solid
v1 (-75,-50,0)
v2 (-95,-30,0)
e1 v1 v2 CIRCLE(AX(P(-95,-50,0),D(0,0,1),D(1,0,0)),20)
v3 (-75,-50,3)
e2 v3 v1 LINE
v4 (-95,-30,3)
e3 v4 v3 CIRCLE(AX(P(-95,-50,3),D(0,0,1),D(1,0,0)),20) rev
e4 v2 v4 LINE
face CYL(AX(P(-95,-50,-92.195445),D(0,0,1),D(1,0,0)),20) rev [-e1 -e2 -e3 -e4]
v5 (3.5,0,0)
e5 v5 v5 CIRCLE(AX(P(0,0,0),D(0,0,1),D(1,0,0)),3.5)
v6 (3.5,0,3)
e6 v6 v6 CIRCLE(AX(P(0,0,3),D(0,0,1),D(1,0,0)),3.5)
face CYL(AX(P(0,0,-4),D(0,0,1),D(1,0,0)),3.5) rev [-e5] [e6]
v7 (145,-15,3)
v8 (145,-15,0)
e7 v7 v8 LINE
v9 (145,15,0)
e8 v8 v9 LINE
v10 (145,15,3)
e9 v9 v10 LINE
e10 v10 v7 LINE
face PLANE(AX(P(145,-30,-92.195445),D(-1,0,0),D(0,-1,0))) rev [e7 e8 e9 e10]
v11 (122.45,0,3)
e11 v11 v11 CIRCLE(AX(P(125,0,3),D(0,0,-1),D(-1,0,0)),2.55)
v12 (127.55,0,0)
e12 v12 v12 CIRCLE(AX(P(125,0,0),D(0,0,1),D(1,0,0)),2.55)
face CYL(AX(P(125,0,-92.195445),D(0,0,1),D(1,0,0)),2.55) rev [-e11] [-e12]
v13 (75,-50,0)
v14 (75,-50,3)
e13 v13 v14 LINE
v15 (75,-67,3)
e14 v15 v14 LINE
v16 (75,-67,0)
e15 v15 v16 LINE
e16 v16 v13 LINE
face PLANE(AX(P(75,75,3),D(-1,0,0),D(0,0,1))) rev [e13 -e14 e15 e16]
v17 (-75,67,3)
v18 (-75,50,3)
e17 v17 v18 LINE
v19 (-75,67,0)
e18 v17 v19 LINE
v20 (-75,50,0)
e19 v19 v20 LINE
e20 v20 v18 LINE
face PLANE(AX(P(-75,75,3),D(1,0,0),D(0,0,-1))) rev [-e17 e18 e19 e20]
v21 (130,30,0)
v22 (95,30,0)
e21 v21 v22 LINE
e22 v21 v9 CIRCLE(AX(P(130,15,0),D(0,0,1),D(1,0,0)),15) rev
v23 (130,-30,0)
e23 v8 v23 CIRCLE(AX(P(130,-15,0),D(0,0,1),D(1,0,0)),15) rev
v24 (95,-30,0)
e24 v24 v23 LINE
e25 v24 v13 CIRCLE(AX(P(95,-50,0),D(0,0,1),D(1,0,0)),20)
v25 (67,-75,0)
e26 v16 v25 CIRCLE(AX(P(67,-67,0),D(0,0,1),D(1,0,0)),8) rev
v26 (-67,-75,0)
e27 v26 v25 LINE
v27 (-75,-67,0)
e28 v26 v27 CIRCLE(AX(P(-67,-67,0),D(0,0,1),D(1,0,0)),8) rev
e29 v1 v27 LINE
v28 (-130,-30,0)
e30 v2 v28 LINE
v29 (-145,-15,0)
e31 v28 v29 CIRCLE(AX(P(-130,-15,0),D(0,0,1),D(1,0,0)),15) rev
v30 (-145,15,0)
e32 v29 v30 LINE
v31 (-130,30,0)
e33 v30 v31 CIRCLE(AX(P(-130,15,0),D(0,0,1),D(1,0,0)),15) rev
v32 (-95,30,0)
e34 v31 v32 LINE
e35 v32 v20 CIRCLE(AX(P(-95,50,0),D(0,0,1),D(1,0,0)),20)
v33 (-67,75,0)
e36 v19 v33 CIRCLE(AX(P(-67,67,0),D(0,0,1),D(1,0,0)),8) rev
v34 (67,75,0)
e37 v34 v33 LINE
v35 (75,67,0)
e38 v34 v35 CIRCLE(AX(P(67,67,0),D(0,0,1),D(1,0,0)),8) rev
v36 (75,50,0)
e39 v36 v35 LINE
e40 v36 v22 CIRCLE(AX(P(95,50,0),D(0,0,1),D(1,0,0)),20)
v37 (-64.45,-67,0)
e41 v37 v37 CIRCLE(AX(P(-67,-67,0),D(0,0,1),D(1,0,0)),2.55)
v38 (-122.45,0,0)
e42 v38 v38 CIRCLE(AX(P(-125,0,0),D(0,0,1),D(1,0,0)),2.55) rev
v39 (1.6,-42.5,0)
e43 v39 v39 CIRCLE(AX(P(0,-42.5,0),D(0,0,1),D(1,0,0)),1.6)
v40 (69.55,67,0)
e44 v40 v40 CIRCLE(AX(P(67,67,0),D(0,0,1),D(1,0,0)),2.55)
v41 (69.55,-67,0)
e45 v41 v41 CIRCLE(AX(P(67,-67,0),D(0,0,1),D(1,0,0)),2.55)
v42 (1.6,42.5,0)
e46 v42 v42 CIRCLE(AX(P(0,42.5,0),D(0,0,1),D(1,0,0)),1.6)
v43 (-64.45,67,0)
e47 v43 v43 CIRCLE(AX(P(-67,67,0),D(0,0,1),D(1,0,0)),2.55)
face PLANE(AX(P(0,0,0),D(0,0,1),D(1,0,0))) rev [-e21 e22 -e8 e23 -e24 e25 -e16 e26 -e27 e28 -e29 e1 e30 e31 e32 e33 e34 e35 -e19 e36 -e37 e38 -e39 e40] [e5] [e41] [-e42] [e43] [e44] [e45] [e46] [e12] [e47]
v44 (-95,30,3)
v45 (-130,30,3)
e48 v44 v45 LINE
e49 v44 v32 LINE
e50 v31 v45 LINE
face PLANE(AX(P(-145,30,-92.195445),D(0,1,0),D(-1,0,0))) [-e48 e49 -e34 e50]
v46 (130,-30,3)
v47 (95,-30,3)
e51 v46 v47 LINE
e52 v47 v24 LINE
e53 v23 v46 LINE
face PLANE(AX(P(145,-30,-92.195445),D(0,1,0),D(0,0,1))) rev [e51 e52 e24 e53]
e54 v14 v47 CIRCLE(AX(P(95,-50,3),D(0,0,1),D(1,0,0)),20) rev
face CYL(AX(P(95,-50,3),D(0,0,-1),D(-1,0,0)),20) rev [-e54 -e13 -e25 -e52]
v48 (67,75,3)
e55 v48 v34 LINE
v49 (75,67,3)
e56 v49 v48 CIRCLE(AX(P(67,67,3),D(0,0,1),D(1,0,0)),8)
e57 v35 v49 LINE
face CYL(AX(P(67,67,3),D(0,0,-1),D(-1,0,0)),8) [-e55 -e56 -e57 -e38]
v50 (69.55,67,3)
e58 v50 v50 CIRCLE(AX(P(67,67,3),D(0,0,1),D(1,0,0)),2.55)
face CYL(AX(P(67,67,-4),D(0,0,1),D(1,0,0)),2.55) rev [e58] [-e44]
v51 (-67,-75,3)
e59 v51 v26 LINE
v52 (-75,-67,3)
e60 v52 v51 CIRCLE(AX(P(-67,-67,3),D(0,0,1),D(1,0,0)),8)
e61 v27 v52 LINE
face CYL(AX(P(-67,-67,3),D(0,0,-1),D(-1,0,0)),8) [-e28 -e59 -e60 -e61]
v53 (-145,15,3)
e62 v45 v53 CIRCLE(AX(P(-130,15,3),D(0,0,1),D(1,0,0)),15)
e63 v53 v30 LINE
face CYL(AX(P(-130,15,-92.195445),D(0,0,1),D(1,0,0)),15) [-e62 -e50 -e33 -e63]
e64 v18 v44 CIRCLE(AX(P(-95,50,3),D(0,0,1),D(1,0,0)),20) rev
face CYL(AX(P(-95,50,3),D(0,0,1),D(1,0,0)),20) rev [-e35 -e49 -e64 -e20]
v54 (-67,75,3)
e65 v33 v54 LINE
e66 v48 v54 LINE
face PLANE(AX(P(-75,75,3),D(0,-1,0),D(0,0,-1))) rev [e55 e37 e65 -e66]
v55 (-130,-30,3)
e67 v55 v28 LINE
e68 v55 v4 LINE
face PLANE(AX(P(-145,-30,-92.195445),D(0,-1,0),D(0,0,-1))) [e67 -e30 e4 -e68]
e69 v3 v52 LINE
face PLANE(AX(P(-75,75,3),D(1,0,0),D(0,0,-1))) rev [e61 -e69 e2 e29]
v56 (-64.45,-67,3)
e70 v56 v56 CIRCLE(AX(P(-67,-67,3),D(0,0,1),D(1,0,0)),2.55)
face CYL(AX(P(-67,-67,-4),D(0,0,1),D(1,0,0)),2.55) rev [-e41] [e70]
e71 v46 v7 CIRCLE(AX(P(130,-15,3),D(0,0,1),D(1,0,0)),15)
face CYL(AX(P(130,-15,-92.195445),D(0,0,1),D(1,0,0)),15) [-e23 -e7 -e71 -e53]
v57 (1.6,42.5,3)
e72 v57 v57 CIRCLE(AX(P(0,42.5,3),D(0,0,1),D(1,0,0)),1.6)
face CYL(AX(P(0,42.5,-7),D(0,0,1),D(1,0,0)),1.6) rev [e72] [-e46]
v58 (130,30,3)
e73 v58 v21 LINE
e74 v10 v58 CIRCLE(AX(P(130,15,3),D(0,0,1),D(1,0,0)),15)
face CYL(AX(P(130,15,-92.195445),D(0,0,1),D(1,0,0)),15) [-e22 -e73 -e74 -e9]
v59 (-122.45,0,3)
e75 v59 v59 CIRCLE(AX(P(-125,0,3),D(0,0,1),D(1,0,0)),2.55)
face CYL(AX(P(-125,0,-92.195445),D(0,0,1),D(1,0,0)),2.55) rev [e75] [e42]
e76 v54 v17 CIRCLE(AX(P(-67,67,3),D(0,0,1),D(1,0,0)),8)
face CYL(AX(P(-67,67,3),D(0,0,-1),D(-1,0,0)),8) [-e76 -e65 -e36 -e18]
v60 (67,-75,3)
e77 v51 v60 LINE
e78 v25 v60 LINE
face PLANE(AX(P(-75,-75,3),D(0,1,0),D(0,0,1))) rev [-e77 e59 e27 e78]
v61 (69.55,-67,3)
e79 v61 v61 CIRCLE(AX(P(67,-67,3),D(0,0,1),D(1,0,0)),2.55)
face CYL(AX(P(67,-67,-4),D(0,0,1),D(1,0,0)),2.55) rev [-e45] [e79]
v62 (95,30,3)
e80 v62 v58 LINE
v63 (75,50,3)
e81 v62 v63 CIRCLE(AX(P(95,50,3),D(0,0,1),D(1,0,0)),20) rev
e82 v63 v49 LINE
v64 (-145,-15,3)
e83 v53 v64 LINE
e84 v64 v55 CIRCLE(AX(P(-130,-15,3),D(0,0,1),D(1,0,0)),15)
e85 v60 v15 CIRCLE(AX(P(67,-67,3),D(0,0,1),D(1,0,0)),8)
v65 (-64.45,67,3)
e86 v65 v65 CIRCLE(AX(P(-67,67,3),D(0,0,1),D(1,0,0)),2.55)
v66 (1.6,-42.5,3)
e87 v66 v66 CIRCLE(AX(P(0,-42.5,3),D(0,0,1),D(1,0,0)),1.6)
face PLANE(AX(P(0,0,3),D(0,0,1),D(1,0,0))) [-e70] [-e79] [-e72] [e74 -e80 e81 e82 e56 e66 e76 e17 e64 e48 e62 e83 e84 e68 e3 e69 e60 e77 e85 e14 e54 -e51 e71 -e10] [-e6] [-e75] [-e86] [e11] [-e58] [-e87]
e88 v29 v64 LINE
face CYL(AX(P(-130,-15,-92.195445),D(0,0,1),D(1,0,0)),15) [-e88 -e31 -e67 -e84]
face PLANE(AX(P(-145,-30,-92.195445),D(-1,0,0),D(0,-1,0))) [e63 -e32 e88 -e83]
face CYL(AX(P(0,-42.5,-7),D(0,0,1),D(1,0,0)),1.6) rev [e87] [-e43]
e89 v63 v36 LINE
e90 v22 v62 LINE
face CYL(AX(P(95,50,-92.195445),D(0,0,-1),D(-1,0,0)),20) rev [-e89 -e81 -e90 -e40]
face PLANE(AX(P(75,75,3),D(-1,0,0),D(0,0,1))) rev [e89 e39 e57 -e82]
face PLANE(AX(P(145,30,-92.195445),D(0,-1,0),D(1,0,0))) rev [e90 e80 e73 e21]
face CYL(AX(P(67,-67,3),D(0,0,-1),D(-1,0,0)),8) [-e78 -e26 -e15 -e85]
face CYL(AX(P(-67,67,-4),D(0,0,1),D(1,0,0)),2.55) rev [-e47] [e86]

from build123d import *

# Parameters (mm, degrees)
SKETCH_1_W          = 150
SKETCH_1_H          = 150
EXTRUDE_1_DEPTH     = 3
SKETCH_4_R          = 2.55
SKETCH_4_R_2        = 3.5
CUT_EXTRUDE_3_DEPTH = 7
FILLET_1_R          = 8
SKETCH_6_W          = 70
SKETCH_6_H          = 60
SKETCH_6_R          = 2.55
EXTRUDE_2_DEPTH     = 3
FILLET_2_R          = 20
FILLET_3_R          = 15
SKETCH_7_R          = 1.6
CUT_EXTRUDE_5_DEPTH = 10


with BuildPart() as part:
    # 草图1 → 凸台-拉伸1 (new body)
    with BuildSketch(Plane.XY):
        Rectangle(SKETCH_1_W, SKETCH_1_H)
    extrude(amount=EXTRUDE_1_DEPTH)

    # 草图4 → 切除-拉伸3 (cut)
    with BuildSketch(Plane.XY.offset(3)):
        with Locations((-67, 67)):
            Circle(SKETCH_4_R)
        with Locations((-67, -67)):
            Circle(SKETCH_4_R)
        with Locations((67, -67)):
            Circle(SKETCH_4_R)
        with Locations((67, 67)):
            Circle(SKETCH_4_R)
        Circle(SKETCH_4_R_2)
    extrude(amount=-CUT_EXTRUDE_3_DEPTH, mode=Mode.SUBTRACT)

    # 圆角1
    fillet_1_edges = [part.edges().sort_by_distance(p)[0] for p in [
        (75, -75, 1.5),
        (-75, -75, 1.5),
        (-75, 75, 1.5),
        (75, 75, 1.5),
    ]]
    fillet(fillet_1_edges, radius=FILLET_1_R)

    # 草图6 → 凸台-拉伸2 (add)
    with BuildSketch(Plane.XY.offset(3)):
        with Locations((-110, 0)):
            Rectangle(SKETCH_6_W, SKETCH_6_H)
        with Locations((-125, 0)):
            Circle(SKETCH_6_R, mode=Mode.SUBTRACT)
    extrude_2 = extrude(amount=-EXTRUDE_2_DEPTH)

    # 镜向1: 凸台-拉伸2 across plane
    add(extrude_2.mirror(Plane(origin=(0, 0, 0), x_dir=(0, 0, 1), z_dir=(1, 0, 0))))

    # 圆角2
    fillet_2_edges = [part.edges().sort_by_distance(p)[0] for p in [
        (-75, -30, 1.5),
        (-75, 30, 1.5),
        (75, -30, 1.5),
        (75, 30, 1.5),
    ]]
    fillet(fillet_2_edges, radius=FILLET_2_R)

    # 圆角3
    fillet_3_edges = [part.edges().sort_by_distance(p)[0] for p in [
        (-145, 30, 1.5),
        (-145, -30, 1.5),
        (145, 30, 1.5),
        (145, -30, 1.5),
    ]]
    fillet(fillet_3_edges, radius=FILLET_3_R)

    # 草图7 → 切除-拉伸5 (cut)
    with BuildSketch(Plane.XY.offset(3)):
        with Locations((0, 42.5)):
            Circle(SKETCH_7_R)
        with Locations((0, -42.5)):
            Circle(SKETCH_7_R)
    extrude(amount=-CUT_EXTRUDE_5_DEPTH, mode=Mode.SUBTRACT)


solid = part.part
